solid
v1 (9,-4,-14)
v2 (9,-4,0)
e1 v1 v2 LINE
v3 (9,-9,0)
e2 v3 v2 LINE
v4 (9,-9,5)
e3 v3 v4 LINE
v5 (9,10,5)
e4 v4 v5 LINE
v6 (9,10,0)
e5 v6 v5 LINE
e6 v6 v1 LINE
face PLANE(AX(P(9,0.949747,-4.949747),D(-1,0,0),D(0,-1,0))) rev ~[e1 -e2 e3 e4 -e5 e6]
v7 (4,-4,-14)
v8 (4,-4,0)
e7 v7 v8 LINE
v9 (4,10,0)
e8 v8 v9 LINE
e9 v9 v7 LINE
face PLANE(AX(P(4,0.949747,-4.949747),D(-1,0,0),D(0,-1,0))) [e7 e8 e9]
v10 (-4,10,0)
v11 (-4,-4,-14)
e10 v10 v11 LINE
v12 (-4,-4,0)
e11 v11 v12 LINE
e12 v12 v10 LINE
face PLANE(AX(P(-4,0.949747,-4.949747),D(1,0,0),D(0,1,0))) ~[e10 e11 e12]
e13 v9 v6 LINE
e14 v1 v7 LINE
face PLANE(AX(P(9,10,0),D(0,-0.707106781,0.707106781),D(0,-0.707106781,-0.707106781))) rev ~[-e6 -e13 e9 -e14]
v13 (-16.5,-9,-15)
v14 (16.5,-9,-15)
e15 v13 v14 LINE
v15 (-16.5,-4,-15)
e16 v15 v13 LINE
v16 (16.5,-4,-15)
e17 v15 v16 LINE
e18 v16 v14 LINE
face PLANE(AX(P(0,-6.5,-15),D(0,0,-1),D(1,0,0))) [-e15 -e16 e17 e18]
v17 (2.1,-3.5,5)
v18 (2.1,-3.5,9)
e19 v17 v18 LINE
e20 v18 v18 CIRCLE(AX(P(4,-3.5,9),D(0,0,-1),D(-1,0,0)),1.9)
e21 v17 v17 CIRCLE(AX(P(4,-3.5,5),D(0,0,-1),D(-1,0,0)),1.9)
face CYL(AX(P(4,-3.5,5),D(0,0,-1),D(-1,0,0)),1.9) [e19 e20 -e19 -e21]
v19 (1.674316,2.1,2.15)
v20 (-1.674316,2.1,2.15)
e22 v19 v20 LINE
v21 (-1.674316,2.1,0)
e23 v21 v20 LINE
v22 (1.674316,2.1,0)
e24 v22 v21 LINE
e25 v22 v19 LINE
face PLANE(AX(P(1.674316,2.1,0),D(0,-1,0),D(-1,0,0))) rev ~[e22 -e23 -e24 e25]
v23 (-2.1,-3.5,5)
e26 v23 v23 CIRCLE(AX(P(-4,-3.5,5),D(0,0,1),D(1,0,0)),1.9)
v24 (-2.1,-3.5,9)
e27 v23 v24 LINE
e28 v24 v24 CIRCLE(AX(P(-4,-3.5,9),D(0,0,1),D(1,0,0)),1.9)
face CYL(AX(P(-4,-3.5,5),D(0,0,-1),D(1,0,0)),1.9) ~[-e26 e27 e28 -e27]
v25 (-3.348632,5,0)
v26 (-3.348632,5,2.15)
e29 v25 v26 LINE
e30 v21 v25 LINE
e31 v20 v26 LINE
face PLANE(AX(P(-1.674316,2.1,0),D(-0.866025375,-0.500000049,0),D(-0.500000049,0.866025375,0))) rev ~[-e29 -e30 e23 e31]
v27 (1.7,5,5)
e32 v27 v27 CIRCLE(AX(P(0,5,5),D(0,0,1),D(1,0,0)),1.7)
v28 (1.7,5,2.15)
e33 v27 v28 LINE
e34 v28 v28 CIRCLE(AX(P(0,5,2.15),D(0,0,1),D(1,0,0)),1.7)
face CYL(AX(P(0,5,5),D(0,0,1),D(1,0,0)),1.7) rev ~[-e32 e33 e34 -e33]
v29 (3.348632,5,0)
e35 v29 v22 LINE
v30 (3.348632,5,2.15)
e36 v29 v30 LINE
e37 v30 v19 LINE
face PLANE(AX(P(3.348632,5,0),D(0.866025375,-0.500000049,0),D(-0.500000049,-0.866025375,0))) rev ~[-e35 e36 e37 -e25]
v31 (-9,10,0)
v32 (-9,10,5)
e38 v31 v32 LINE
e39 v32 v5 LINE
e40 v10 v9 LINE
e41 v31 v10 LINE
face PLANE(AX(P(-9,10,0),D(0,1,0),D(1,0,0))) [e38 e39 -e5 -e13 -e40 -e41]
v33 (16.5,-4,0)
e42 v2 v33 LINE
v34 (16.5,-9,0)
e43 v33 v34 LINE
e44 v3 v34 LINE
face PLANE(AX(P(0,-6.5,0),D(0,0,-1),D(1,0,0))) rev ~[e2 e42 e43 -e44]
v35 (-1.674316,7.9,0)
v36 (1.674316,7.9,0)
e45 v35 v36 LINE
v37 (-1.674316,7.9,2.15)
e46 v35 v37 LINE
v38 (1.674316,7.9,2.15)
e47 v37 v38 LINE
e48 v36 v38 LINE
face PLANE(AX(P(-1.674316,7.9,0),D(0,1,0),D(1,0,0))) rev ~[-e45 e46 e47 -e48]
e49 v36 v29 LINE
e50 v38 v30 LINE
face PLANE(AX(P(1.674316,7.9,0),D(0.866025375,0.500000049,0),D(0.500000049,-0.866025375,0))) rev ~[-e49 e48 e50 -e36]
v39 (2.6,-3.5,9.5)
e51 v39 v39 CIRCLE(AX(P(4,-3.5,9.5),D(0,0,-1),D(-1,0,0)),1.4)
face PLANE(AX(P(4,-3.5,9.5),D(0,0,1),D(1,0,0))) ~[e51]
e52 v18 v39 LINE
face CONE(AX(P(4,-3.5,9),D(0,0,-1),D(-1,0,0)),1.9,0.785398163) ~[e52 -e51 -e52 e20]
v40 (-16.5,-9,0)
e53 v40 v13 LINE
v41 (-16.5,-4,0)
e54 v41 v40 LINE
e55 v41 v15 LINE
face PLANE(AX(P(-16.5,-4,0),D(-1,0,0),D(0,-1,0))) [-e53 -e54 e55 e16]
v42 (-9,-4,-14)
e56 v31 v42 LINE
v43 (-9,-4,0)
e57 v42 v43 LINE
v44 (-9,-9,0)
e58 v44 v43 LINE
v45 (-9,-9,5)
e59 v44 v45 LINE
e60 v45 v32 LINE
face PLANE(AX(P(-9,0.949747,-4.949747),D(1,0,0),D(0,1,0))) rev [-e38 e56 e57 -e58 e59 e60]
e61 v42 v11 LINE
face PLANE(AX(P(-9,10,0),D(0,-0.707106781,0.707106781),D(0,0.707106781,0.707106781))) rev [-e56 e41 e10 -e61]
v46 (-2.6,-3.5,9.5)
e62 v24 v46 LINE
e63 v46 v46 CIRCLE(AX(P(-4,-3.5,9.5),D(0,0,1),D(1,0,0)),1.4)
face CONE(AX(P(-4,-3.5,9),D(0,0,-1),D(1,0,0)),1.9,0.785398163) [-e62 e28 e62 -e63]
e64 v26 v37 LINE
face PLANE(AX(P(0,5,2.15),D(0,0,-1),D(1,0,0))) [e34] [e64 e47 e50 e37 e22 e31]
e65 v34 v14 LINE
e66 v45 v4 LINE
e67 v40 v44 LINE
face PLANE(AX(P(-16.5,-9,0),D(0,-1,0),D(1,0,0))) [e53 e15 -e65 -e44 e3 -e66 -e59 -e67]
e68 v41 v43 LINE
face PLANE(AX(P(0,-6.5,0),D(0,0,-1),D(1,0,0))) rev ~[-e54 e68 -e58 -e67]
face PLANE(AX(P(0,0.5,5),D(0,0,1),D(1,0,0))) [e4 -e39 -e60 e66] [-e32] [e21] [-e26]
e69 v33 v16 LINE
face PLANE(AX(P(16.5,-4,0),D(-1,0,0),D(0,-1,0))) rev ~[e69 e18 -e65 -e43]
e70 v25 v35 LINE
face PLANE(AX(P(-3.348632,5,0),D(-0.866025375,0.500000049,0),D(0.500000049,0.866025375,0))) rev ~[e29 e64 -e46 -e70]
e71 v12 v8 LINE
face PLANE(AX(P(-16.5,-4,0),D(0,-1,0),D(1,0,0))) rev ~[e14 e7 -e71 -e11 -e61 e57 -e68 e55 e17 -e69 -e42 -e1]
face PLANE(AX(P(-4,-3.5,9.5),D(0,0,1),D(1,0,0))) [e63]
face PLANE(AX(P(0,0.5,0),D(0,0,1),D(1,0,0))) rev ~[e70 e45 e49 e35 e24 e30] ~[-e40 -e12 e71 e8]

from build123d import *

# Parameters (mm, degrees)
SKETCH_W     = 18
SKETCH_H     = 19
PAD_DEPTH    = 5
SKETCH001_R  = 1.7
HOLE_DEPTH   = 5.001
POCKET_DEPTH = 2.15
SKETCH003_R  = 1.9
PAD001_DEPTH = 4.5
CHAMFER_SIZE = 0.5
SKETCH004_W  = 33
SKETCH004_H  = 5
PAD002_DEPTH = 15
PAD003_DEPTH = 5


with BuildPart() as part:
    # Sketch → Pad (new body)
    with BuildSketch(Plane.XY):
        with Locations((0, 0.5)):
            Rectangle(SKETCH_W, SKETCH_H)
    extrude(amount=PAD_DEPTH)

    # Sketch001 (on Face6 of Pad) → Hole (cut, through all)
    with BuildSketch(Plane.XY.offset(5)):
        with Locations((0, 5)):
            Circle(SKETCH001_R)
    extrude(amount=-HOLE_DEPTH, mode=Mode.SUBTRACT)

    # Sketch002 (on Face4 of Hole) → Pocket (cut)
    with BuildSketch(Plane(origin=(0, 0, 0), x_dir=(1, 0, 0), z_dir=(0, 0, -1))):
        Polygon((3.348632, -5), (1.674316, -2.1), (-1.674316, -2.1), (-3.348632, -5), (-1.674316, -7.9), (1.674316, -7.9), align=None)
    extrude(amount=-POCKET_DEPTH, mode=Mode.SUBTRACT)

    # Sketch003 (on Face5 of Pocket) → Pad001 (join)
    with BuildSketch(Plane.XY.offset(5)):
        with Locations((-4, -3.5)):
            Circle(SKETCH003_R)
    pad001 = extrude(amount=PAD001_DEPTH)

    # Mirrored: Pad001 across YZ
    add(pad001.mirror(Plane.YZ))

    # Chamfer
    chamfer_edges = [part.edges().sort_by_distance(p)[0] for p in [
        (-5.9, -3.5, 9.5),
        (5.9, -3.5, 9.5),
    ]]
    chamfer(chamfer_edges, length=CHAMFER_SIZE)

    # Sketch004 (on Face4 of Pocket) → Pad002 (join)
    with BuildSketch(Plane(origin=(0, 0, 0), x_dir=(1, 0, 0), z_dir=(0, 0, -1))):
        with Locations((0, 6.5)):
            Rectangle(SKETCH004_W, SKETCH004_H)
    extrude(amount=PAD002_DEPTH)

    # Sketch005 (on Face7 of Pad002) → Pad003 (join)
    with BuildSketch(Plane.YZ.offset(9)):
        Polygon((10, 0), (-4, -14), (-4, 0), align=None)
    pad003 = extrude(amount=-PAD003_DEPTH)

    # Mirrored001: Pad003 across YZ
    add(pad003.mirror(Plane.YZ))


solid = part.part
